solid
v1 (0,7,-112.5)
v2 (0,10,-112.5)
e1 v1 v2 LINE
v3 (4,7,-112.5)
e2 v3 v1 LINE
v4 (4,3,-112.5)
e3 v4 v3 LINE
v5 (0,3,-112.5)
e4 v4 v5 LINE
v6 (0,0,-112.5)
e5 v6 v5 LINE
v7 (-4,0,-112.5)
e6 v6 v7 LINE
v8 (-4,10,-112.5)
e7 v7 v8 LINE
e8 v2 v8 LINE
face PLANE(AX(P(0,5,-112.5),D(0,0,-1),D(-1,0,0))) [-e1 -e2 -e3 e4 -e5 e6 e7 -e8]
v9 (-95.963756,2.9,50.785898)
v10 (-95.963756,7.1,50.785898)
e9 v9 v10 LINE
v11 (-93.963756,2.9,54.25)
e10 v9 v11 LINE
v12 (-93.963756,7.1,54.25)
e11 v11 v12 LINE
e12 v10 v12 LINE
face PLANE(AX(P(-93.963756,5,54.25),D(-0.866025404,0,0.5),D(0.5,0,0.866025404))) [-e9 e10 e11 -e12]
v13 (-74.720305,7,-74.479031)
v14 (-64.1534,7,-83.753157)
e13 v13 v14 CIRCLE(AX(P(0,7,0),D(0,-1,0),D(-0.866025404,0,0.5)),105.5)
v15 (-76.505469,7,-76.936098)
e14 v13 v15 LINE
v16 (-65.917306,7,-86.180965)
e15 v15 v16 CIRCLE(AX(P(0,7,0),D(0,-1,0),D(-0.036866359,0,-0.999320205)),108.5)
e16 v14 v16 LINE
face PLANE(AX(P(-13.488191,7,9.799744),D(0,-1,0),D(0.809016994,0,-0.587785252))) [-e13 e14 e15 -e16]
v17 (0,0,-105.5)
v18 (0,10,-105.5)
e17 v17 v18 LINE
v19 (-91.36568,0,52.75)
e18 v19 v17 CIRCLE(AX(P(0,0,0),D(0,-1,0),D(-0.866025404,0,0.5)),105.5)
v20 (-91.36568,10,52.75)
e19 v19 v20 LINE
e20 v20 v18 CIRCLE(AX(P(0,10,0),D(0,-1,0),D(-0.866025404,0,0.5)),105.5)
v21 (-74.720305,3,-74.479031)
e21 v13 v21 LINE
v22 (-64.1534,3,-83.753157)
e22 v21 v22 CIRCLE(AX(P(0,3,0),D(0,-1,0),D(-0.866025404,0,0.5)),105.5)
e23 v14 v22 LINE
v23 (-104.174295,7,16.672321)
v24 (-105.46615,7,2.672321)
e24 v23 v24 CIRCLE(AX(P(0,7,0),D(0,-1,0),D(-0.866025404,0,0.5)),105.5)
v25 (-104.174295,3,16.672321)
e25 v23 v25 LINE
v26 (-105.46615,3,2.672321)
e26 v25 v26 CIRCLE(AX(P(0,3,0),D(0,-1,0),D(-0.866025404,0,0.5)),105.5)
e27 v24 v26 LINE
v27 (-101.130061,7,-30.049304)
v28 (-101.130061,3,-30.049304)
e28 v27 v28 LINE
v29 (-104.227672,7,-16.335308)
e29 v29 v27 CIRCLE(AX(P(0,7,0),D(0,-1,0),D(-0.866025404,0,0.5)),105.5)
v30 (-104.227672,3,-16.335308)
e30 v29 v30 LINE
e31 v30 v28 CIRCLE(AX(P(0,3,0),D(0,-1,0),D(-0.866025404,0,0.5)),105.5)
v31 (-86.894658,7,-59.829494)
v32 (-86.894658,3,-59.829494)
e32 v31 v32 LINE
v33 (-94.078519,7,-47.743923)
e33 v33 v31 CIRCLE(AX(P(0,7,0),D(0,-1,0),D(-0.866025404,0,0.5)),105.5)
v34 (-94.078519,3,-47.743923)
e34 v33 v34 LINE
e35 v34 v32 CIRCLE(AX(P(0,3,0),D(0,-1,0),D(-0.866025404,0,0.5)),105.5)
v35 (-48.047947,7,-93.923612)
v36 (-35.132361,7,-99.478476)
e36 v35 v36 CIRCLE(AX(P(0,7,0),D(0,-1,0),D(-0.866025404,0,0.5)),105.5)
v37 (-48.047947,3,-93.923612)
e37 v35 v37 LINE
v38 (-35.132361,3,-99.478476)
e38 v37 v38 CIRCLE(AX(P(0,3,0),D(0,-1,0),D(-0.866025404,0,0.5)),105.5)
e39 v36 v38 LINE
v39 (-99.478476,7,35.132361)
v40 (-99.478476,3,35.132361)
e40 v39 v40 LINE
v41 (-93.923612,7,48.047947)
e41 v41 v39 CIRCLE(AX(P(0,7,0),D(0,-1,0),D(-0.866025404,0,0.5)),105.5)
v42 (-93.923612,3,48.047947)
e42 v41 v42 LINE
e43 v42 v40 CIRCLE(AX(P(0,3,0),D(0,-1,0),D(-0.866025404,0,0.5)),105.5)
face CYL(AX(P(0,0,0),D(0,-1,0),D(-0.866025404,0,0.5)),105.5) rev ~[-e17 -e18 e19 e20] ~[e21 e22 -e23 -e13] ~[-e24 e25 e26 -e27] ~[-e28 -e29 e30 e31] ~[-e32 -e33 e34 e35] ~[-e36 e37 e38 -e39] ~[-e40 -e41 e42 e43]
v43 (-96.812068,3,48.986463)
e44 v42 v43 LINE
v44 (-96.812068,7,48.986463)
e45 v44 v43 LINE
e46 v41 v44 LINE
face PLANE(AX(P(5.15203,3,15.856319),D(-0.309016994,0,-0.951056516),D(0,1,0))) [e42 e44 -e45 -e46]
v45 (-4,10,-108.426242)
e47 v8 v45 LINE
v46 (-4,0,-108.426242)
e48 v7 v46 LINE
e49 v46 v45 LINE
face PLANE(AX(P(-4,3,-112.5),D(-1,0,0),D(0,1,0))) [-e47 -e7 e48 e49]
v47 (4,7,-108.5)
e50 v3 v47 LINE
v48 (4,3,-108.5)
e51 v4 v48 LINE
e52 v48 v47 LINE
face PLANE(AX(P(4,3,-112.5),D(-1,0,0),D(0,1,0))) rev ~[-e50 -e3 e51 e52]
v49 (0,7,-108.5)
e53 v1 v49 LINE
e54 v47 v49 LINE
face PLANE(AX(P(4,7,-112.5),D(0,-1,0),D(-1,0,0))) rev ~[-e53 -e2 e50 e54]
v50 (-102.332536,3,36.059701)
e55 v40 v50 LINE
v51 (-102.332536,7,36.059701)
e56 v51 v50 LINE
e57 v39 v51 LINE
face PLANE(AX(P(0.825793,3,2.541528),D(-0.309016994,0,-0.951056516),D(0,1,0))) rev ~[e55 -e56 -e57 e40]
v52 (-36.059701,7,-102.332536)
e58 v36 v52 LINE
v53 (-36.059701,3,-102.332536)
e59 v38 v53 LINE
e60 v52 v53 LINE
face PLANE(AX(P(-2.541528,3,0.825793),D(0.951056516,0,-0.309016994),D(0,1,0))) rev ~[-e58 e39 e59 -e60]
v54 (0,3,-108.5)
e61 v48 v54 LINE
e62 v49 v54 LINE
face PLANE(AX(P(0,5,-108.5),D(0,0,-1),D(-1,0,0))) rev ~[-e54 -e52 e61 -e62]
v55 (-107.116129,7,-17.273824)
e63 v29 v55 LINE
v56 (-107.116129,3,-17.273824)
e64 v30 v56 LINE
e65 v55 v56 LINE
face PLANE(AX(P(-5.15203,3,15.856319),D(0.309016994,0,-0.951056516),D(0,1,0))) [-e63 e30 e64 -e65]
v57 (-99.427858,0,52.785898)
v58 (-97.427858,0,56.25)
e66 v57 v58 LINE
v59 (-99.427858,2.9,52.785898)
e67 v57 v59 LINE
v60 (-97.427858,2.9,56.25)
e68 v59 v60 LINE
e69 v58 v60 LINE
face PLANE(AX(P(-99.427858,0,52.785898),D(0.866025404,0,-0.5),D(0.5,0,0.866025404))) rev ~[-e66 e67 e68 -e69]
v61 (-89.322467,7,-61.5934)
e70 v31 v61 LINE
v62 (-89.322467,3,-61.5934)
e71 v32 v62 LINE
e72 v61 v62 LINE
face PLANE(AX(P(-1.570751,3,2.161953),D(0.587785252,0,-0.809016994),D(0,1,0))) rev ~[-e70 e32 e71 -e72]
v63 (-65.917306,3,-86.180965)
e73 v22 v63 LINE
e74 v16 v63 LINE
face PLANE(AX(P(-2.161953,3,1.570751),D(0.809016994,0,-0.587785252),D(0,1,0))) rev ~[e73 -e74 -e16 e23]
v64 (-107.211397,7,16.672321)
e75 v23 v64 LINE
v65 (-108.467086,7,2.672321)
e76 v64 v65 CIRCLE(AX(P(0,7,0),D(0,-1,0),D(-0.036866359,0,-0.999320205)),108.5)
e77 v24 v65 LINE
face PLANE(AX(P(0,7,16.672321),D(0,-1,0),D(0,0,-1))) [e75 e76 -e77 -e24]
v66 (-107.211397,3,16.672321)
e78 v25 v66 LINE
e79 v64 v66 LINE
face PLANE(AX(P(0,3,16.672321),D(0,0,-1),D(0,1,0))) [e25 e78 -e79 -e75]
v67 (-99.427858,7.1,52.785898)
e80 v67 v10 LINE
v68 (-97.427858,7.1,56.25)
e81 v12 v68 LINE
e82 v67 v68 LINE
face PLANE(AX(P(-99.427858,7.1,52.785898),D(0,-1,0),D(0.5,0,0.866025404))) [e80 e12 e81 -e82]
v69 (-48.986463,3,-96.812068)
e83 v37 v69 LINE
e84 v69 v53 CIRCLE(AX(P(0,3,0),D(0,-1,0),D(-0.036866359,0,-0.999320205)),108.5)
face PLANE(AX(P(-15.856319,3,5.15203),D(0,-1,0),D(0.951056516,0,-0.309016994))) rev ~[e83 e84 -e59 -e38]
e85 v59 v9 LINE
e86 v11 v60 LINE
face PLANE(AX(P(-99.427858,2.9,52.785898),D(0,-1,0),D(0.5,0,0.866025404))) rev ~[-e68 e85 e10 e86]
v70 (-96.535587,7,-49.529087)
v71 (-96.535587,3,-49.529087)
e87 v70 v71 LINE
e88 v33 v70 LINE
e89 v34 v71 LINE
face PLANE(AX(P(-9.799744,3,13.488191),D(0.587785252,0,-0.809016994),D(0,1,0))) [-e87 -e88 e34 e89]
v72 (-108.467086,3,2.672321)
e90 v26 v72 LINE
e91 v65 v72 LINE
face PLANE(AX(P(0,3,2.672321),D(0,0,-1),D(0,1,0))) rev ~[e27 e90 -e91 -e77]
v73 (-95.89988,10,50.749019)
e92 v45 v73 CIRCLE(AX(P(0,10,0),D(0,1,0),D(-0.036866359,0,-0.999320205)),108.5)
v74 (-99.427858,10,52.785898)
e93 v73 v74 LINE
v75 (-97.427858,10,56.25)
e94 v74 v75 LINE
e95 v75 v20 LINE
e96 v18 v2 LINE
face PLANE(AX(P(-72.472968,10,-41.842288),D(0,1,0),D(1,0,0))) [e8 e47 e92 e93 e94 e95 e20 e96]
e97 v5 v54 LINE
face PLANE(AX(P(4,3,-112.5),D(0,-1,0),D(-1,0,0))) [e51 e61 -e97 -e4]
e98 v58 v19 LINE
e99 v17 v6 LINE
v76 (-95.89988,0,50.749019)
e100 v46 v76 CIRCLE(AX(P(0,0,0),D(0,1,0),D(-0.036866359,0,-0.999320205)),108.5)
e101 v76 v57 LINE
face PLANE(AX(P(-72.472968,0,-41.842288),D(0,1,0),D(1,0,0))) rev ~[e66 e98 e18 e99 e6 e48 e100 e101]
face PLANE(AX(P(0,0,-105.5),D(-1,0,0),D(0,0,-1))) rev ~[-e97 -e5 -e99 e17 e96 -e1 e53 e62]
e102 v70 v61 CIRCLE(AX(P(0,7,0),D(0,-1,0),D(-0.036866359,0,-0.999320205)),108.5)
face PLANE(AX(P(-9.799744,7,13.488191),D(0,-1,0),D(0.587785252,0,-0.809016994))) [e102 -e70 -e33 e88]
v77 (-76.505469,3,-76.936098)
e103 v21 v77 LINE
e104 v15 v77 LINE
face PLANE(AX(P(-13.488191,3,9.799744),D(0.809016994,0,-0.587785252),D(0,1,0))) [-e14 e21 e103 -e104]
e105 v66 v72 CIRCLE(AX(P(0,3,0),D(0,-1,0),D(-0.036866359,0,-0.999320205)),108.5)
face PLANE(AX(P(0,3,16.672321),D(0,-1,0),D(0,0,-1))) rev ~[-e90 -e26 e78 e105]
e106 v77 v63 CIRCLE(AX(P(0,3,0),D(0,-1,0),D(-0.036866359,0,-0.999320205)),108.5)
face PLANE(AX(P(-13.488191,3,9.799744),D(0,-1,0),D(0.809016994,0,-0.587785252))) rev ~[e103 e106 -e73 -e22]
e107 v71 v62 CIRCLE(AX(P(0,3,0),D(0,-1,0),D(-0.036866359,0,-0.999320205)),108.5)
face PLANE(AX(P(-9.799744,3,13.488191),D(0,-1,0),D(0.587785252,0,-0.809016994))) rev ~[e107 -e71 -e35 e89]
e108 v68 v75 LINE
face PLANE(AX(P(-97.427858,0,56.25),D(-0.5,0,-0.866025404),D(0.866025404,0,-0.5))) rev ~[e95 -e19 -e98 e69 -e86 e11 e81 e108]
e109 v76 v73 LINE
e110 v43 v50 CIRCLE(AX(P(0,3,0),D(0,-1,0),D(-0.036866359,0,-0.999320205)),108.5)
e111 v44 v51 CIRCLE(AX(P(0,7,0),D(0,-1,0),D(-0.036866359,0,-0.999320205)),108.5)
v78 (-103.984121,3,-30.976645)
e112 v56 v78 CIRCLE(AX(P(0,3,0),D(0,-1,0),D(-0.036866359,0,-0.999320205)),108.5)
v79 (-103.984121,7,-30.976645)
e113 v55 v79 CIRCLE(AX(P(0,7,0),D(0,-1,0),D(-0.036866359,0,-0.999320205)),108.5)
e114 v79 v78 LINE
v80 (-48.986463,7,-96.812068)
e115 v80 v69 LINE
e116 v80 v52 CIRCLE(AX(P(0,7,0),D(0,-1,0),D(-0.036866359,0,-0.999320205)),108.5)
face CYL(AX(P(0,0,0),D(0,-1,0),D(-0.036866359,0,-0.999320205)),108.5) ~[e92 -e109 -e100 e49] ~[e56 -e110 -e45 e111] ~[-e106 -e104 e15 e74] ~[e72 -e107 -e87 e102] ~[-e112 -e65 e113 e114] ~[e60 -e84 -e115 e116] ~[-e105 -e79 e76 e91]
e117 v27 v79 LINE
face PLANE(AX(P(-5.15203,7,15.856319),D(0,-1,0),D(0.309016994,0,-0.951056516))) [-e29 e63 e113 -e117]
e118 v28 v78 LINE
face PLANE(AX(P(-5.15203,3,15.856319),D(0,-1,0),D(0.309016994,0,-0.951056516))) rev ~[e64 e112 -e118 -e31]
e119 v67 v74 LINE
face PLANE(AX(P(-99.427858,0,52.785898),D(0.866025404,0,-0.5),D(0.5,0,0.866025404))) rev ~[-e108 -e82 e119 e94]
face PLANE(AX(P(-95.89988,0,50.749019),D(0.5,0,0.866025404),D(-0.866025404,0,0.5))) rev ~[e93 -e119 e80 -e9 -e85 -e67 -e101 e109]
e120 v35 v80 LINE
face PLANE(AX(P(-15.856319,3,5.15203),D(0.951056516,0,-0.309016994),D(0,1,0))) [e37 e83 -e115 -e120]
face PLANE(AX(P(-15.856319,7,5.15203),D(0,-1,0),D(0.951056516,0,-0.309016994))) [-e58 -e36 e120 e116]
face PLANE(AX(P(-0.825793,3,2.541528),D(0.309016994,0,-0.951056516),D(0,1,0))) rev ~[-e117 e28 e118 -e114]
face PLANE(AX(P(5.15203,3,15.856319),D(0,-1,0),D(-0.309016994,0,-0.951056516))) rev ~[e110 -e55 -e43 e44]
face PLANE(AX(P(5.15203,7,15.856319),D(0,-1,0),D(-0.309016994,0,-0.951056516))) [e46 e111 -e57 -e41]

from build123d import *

# Parameters (mm, degrees)
BOSS_EXTRUDE1_DEPTH             = 10
SKETCH2_W                       = 8
SKETCH2_H                       = 4.2
CUT_EXTRUDE1_DEPTH              = 4
SKETCH3_W                       = 8
SKETCH3_H                       = 4
BOSS_EXTRUDE2_DEPTH             = 4
SKETCH4_W                       = 14
SKETCH4_H                       = 4
CUT_EXTRUDE2_DEPTH              = 109.5
CIRPATTERN4_COUNT               = 5
CIRPATTERN4_ANGLE               = 72
CIRPATTERN4_THE_OTHER_WAY_COUNT = 5
CIRPATTERN4_THE_OTHER_WAY_ANGLE = 72


with BuildPart() as part:
    # Sketch1 → Boss-Extrude1 (new body)
    with BuildSketch(Plane(origin=(0, 0, 0), x_dir=(1, 0, 0), z_dir=(0, 1, 0))):
        with BuildLine():
            Line((-4, 112.5), (-4, 108.426242211))
            ThreePointArc((-4, 108.426242211), (-93.963756311, 54.25), (-95.899880192, -50.74901949))
            Line((-95.899880192, -50.74901949), (-99.427857926, -52.785898385))
            Line((-99.427857926, -52.785898385), (-97.427857926, -56.25))
            Line((-97.427857926, -56.25), (-91.365680099, -52.75))
            ThreePointArc((-91.365680099, -52.75), (-91.365680099, 52.75), (0, 105.5))
            Line((0, 105.5), (0, 112.5))
            Line((0, 112.5), (-4, 112.5))
        make_face()
    extrude(amount=BOSS_EXTRUDE1_DEPTH)

    # Sketch2 → Cut-Extrude1 (cut)
    with BuildSketch(Plane(origin=(-97.427857926, 0, 56.25), x_dir=(0.5, 0, 0.866025404), z_dir=(-0.866025404, 0, 0.5))):
        with Locations((0, 5)):
            Rectangle(SKETCH2_W, SKETCH2_H)
    extrude(amount=-CUT_EXTRUDE1_DEPTH, mode=Mode.SUBTRACT)

    # Sketch3 → Boss-Extrude2 (add)
    with BuildSketch(Plane(origin=(0, 0, -112.5), x_dir=(-1, 0, 0), z_dir=(0, 0, -1))):
        with Locations((0, 5)):
            Rectangle(SKETCH3_W, SKETCH3_H)
    extrude(amount=-BOSS_EXTRUDE2_DEPTH)

    # Sketch4 → Cut-Extrude2 (cut, through all)
    with BuildSketch(Plane(origin=(0, 0, 0), x_dir=(0, 0, -1), z_dir=(1, 0, 0))):
        with Locations((-9.672320837, 5)):
            Rectangle(SKETCH4_W, SKETCH4_H)
    cut_extrude2 = extrude(amount=-CUT_EXTRUDE2_DEPTH, mode=Mode.SUBTRACT)

    # CirPattern4: Cut-Extrude2 ×5 about axis
    cirpattern4_axis = Axis((0, 0, 0), (0, -1, 0))
    for i in range(1, CIRPATTERN4_COUNT):
        add(cut_extrude2.rotate(cirpattern4_axis, i * CIRPATTERN4_ANGLE / (CIRPATTERN4_COUNT - 1)), mode=Mode.SUBTRACT)

    # CirPattern4 the other way: Cut-Extrude2 ×5 about axis
    cirpattern4_the_other_way_axis = Axis((0, 0, 0), (0, 1, 0))
    for i in range(1, CIRPATTERN4_THE_OTHER_WAY_COUNT):
        add(cut_extrude2.rotate(cirpattern4_the_other_way_axis, i * CIRPATTERN4_THE_OTHER_WAY_ANGLE / (CIRPATTERN4_THE_OTHER_WAY_COUNT - 1)), mode=Mode.SUBTRACT)


solid = part.part
